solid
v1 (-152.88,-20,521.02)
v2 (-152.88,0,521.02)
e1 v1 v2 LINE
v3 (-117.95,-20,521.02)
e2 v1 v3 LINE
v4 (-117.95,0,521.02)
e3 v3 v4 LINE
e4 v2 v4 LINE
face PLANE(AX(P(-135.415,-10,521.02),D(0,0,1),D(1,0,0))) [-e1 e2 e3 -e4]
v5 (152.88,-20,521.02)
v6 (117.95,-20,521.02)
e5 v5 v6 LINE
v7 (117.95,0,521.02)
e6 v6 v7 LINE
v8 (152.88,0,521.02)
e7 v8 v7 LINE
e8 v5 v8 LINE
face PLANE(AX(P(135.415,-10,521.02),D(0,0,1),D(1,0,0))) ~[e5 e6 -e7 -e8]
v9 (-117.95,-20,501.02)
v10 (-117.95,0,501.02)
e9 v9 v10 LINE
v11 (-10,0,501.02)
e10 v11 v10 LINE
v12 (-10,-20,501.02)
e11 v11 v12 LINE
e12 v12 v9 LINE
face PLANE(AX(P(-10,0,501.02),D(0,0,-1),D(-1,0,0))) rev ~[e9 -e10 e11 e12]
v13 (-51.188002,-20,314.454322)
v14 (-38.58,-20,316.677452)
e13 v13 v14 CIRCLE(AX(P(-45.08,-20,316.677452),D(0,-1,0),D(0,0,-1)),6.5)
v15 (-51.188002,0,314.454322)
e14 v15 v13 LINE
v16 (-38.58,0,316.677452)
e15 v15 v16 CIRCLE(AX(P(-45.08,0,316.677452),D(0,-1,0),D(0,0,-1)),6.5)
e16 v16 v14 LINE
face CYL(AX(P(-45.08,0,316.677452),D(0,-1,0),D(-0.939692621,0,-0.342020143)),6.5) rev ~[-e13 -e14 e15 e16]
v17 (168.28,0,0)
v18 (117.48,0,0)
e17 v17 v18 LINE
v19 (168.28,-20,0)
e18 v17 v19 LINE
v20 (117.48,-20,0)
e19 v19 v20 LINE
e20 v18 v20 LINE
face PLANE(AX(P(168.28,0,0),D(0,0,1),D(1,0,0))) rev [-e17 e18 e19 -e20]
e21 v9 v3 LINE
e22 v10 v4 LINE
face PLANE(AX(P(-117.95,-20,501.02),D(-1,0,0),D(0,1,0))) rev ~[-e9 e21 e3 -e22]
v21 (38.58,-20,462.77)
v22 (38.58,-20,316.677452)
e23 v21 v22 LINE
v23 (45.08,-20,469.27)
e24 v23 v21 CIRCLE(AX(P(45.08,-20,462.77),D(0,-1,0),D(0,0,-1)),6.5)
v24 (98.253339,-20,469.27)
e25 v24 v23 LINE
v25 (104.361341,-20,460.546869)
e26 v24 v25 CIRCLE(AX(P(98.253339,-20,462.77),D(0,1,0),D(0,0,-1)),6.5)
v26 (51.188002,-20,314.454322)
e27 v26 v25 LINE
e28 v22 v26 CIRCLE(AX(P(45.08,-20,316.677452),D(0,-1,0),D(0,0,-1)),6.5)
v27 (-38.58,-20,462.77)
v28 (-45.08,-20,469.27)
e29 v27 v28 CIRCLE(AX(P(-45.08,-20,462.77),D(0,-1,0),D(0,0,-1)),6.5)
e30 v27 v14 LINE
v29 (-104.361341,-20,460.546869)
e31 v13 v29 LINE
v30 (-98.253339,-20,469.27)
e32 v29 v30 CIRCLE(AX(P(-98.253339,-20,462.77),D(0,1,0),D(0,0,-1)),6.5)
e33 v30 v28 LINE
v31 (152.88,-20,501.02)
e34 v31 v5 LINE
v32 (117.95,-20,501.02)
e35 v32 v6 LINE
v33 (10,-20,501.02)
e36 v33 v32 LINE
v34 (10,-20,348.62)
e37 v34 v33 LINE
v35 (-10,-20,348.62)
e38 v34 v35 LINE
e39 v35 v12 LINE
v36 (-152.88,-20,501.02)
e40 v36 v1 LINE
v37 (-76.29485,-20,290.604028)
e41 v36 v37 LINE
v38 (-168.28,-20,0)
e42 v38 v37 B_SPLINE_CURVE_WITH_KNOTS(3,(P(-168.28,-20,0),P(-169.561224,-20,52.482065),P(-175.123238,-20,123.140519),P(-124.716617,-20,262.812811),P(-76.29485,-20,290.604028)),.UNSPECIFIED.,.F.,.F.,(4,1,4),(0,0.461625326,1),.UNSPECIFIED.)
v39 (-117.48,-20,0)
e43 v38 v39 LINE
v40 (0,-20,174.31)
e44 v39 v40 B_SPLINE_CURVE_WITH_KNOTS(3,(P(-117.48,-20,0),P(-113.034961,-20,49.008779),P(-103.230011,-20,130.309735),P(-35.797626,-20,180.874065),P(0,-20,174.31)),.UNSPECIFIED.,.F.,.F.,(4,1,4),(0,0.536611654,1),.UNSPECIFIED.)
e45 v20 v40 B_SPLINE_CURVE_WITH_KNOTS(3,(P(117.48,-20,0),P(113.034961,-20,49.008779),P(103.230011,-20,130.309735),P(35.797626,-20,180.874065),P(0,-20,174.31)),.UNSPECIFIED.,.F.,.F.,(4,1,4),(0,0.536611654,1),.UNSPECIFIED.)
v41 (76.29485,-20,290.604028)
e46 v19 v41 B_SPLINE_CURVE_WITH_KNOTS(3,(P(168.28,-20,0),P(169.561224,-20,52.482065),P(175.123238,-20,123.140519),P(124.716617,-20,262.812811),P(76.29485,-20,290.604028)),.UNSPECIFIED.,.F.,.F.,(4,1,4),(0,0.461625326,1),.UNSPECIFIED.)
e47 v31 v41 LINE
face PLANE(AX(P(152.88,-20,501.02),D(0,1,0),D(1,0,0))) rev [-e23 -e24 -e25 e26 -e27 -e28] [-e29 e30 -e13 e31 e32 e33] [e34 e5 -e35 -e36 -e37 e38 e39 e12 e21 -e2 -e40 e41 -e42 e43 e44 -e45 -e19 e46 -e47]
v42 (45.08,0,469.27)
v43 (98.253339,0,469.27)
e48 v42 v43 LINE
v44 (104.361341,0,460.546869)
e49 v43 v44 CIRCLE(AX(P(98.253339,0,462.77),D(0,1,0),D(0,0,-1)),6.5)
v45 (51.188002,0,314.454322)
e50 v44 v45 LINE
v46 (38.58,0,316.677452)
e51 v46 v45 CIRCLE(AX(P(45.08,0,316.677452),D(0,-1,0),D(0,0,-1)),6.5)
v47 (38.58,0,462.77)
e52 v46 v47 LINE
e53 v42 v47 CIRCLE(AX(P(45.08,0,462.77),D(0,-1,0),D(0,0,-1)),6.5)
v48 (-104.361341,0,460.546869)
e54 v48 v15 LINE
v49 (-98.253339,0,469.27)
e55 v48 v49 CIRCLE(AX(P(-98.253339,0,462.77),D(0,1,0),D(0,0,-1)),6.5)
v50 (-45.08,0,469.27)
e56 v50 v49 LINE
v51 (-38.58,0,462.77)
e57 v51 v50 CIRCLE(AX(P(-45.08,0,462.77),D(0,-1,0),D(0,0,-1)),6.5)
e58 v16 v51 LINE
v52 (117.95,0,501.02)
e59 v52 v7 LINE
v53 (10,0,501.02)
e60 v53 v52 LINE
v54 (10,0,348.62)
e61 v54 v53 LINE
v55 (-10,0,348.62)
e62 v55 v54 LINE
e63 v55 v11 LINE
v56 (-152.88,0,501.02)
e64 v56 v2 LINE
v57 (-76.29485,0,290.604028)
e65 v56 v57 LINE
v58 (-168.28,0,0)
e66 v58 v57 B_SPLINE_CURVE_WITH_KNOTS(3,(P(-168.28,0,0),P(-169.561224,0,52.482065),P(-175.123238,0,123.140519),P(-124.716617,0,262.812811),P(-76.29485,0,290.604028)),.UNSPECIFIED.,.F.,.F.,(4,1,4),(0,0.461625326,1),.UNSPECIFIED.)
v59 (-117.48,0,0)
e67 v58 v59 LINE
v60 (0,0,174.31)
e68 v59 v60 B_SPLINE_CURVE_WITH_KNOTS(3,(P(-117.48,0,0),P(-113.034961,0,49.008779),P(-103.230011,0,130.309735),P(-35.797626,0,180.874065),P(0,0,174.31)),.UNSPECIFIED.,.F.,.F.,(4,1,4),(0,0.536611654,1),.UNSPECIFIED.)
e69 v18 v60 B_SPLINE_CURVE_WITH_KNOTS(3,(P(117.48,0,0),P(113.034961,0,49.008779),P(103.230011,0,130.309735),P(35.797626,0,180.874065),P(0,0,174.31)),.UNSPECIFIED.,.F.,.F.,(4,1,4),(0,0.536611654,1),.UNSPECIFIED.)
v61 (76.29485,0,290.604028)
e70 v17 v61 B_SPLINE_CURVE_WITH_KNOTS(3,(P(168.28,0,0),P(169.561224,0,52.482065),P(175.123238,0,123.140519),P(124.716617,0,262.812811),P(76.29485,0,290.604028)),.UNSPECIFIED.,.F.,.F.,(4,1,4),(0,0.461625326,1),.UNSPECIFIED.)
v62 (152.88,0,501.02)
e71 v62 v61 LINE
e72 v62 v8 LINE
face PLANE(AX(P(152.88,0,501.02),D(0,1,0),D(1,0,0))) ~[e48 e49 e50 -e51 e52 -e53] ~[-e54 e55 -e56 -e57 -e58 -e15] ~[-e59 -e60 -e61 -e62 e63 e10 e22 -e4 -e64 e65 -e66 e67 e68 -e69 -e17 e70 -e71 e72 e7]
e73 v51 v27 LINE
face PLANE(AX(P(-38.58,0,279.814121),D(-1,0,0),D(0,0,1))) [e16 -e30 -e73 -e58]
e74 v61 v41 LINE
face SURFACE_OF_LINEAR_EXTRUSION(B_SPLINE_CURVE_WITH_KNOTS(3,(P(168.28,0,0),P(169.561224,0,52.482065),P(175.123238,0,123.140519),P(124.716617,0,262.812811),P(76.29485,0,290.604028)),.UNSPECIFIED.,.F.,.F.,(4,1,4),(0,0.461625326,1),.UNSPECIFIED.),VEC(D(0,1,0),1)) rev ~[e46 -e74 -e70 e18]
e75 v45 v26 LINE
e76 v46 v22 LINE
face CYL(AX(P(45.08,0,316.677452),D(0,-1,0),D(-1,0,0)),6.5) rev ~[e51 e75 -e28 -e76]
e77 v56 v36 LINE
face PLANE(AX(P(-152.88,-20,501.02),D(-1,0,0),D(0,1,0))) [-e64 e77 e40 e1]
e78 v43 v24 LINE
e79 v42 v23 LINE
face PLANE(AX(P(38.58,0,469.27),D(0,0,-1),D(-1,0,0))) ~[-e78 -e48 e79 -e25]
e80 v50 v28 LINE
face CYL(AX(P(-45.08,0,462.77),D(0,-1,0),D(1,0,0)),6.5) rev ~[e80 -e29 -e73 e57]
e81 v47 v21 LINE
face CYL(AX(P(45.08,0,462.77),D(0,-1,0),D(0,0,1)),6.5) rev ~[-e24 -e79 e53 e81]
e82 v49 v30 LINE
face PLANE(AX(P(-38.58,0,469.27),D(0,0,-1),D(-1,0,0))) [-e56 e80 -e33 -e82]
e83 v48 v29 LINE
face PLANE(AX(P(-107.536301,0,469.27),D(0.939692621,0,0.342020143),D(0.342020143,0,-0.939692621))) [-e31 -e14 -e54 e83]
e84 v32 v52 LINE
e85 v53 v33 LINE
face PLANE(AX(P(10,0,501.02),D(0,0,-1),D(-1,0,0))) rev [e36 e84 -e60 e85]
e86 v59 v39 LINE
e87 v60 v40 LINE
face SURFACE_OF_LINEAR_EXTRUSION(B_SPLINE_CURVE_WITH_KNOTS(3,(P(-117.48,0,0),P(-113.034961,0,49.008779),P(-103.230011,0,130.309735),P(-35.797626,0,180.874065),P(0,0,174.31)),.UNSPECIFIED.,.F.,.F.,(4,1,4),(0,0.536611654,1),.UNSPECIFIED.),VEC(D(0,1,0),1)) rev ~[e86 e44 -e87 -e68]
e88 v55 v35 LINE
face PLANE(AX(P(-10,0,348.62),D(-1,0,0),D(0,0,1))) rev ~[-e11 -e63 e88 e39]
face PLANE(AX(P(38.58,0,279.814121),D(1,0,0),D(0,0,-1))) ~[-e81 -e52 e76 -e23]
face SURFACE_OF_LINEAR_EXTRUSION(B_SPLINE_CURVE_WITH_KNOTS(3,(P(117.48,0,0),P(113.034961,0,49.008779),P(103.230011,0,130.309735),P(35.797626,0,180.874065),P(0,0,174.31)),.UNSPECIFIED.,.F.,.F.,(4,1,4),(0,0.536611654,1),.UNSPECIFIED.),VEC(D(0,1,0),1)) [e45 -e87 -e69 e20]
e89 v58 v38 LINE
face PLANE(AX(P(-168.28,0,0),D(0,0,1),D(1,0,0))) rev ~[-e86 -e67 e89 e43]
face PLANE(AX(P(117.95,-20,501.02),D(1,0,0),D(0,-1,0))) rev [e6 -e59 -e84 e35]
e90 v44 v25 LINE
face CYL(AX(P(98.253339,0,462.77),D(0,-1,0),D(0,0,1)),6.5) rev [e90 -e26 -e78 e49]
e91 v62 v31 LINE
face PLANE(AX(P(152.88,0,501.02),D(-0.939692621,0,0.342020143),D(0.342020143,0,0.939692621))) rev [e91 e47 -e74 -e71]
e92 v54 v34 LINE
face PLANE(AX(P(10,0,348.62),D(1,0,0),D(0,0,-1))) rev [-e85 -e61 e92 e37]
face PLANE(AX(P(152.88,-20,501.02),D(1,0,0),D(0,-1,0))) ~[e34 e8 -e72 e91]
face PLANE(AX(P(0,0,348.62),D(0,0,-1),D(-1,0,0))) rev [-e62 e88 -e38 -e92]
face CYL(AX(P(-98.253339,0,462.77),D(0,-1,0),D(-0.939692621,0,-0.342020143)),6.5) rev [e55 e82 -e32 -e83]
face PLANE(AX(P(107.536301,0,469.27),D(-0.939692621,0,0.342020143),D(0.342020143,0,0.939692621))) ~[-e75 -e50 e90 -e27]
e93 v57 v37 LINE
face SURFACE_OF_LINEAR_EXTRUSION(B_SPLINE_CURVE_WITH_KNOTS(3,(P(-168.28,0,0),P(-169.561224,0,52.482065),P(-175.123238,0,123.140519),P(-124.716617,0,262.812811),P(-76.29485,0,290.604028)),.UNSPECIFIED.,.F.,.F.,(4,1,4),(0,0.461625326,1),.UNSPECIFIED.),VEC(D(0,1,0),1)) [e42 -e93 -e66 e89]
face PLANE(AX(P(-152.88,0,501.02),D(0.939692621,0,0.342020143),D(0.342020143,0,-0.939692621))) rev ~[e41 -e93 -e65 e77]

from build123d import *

# Parameters (mm, degrees)
F1_DEPTH = 20
F3_DEPTH = 25
F4_W     = 34.93
F4_H     = 20
F5_DEPTH = 20
F7_R     = 6.5


with BuildPart() as f1:
    # F0 (on Front) → F1 (new body)
    with BuildSketch(Plane.XZ):
        with BuildLine():
            Line((-10, 348.62), (-10, 501.02))
            Line((-10, 501.02), (-152.88, 501.02))
            Line((-152.88, 501.02), (-76.2948495065, 290.6040283536))
            add(Edge.make_bspline(
                [(-168.28, 0), (-169.5612237815, 52.4820648973), (-175.1232380622, 123.1405186652), (-124.7166168032, 262.8128105239), (-76.2948495065, 290.6040283536)],
                knots=[0, 0, 0, 0, 0.4616253265, 1, 1, 1, 1], degree=3))
            Line((-168.28, 0), (-117.48, 0))
            add(Edge.make_bspline(
                [(-117.48, 0), (-113.0349605269, 49.0087788879), (-103.2300113011, 130.3097354433), (-35.7976257801, 180.8740645647), (0, 174.31)],
                knots=[0, 0, 0, 0, 0.5366116544, 1, 1, 1, 1], degree=3))
            Line((0, 174.31), (0, 348.62))
            Line((0, 348.62), (-10, 348.62))
        make_face()
    extrude(amount=F1_DEPTH)

    # F2 (on face) → F3 (cut)
    with BuildSketch(Plane.XZ):
        Polygon((-38.58, 279.8141206615), (-38.58, 469.27), (-107.5363007859, 469.27), align=None)
    extrude(amount=F3_DEPTH, mode=Mode.SUBTRACT)

    # F4 (on face) → F5 (join)
    with BuildSketch(Plane.XY.offset(501.02)):
        with Locations((-135.415, -10)):
            Rectangle(F4_W, F4_H)
    extrude(amount=F5_DEPTH)

    # F6: F1 across plane


with BuildPart() as f1_1:
    add(f1.part)
    add(f1.part.mirror(Plane.YZ))

    # F7
    f7_edges = [f1_1.edges().sort_by_distance(p)[0] for p in [
        (-107.536301, -10, 469.27),
        (-38.58, -10, 469.27),
        (-38.58, -10, 279.814121),
        (38.58, -10, 279.814121),
        (38.58, -10, 469.27),
        (107.536301, -10, 469.27),
    ]]
    fillet(f7_edges, radius=F7_R)


solid = f1_1.part
